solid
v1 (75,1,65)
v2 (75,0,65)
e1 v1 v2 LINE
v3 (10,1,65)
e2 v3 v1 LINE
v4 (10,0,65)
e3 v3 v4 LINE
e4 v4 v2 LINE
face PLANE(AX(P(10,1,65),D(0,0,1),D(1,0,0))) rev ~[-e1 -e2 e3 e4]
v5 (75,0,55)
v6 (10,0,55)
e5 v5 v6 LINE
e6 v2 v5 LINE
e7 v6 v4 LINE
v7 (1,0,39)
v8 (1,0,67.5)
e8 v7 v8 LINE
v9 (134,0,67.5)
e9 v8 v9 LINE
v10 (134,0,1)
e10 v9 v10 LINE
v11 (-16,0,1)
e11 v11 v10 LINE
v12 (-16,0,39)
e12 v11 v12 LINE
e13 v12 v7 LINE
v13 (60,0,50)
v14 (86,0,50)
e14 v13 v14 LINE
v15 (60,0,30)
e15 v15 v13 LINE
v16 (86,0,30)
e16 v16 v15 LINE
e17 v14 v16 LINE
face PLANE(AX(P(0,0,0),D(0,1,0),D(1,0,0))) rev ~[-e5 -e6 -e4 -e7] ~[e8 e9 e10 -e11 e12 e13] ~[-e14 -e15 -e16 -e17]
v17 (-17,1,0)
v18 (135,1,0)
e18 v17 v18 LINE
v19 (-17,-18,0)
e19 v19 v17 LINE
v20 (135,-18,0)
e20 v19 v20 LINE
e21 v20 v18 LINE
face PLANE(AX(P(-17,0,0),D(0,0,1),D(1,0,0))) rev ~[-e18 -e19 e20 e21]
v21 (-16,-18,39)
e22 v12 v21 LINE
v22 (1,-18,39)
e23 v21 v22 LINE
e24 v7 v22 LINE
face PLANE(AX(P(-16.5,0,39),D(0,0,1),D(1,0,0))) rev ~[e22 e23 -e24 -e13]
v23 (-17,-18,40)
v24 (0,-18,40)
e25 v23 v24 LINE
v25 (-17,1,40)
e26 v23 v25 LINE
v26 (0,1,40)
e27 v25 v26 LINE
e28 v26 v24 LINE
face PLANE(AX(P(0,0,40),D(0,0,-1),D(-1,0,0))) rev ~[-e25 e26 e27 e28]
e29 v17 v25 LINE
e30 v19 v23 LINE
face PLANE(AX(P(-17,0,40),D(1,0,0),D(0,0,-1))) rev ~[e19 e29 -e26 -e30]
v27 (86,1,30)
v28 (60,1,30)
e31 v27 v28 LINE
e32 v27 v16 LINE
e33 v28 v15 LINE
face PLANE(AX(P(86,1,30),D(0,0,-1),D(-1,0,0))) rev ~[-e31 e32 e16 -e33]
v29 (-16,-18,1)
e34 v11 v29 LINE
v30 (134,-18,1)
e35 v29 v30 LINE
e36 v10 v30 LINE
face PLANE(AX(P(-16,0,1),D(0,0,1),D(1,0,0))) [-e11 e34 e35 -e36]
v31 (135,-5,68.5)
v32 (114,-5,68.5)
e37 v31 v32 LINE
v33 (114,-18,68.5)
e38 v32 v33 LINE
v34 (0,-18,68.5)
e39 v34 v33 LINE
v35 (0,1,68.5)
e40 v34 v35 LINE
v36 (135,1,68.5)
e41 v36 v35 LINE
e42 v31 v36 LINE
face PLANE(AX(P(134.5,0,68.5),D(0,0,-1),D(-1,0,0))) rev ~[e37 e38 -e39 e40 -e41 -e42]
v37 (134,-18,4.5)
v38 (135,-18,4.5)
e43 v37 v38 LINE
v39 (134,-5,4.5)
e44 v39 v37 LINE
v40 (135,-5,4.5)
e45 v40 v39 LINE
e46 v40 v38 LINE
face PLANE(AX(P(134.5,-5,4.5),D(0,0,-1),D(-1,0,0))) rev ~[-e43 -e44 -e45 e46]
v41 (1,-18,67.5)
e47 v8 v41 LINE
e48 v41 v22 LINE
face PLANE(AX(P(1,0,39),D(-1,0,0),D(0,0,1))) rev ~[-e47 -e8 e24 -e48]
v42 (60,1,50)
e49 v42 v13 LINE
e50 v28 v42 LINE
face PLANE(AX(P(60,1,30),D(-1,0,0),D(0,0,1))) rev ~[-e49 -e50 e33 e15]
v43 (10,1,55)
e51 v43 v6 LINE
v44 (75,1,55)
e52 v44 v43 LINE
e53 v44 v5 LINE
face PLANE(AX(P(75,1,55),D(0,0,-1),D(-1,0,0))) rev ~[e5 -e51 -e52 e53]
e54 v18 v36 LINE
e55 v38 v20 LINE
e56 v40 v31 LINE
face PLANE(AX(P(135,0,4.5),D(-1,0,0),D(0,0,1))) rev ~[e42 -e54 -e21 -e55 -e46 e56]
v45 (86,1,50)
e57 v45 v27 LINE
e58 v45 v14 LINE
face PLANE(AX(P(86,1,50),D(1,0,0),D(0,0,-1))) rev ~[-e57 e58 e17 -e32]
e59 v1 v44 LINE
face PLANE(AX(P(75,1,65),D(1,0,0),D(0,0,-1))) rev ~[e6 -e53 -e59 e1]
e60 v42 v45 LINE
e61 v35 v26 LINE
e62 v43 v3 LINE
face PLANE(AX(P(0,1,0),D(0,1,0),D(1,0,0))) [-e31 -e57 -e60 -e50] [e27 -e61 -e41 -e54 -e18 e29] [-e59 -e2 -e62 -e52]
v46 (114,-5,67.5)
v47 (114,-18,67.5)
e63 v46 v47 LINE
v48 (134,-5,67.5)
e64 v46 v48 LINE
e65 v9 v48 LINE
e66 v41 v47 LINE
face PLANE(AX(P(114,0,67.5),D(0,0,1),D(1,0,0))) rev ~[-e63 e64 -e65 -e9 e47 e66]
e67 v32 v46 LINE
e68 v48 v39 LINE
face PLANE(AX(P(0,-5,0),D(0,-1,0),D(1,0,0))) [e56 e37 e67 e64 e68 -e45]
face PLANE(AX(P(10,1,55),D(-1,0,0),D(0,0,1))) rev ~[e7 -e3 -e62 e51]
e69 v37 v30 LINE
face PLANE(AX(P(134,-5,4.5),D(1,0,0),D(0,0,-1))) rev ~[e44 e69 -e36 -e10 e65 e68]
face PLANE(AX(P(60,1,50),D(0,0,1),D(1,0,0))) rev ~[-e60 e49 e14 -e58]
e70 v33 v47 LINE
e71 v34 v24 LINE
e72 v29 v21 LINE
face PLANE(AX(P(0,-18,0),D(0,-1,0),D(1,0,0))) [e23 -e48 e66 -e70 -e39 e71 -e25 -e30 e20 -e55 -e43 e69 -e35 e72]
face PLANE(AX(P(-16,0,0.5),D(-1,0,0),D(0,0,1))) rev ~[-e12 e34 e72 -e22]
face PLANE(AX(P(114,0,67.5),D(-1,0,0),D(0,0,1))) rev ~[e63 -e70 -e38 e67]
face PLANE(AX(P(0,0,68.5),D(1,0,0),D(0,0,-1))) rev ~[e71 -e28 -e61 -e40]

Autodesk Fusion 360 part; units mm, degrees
sketch "Skizze1" plane through (0, 0, 0) normal (0, 1, 0) x (1, 0, 0)
  line L0 (0, 0) -> (135, 0)
  line L1 (135, 0) -> (135, -68.5)
  line L2 (135, -68.5) -> (0, -68.5)
  line L3 (0, -68.5) -> (0, 0)
  dimension "d1" = 135
  dimension "d2" = 68.5
extrude "Extrusion1" add sketch "Skizze1" along normal blind 1
sketch "Skizze2" plane through (0, 0, 0) normal (0, 1, 0) x (1, 0, 0)
  line L0 (0, 0) -> (-17, 0)
  line L1 (-17, 0) -> (-17, -40)
  line L2 (-17, -40) -> (0, -40)
  line L3 (0, -40) -> (0, 0)
  dimension "d5" = 17
  dimension "d6" = 40
extrude "Extrusion2" add sketch "Skizze2" along normal blind 1
sketch "Skizze3" plane through (0, 1, 0) normal (0, 1, 0) x (-1, 0, 0)
  line L0 (0, 68.5) -> (-135, 68.5)
  line L1 (-135, 68.5) -> (-135, 0)
  line L2 (-135, 0) -> (17, 0)
  line L3 (17, 0) -> (17, 40)
  line L4 (17, 40) -> (0, 40)
  line L5 (0, 40) -> (0, 68.5)
  line L6 (-10, 65) -> (-75, 65)
  line L7 (-75, 65) -> (-75, 55)
  line L8 (-75, 55) -> (-10, 55)
  line L9 (-10, 55) -> (-10, 65)
  dimension "d9" = 65
  dimension "d10" = 10
extrude "Extrusion3" cut sketch "Skizze3" against normal blind 1 contours L6 L7 L8 L9
sketch "Skizze4" plane through (0, 1, 0) normal (0, 1, 0) x (-1, 0, 0)
  line L0 (-75, 65) -> (-10, 65)
  line L1 (-10, 65) -> (-10, 55)
  line L2 (-10, 55) -> (-75, 55)
  line L3 (-75, 55) -> (-75, 65)
  line L4 (0, 68.5) -> (-135, 68.5)
  line L5 (-135, 68.5) -> (-135, 0)
  line L6 (-135, 0) -> (17, 0)
  line L7 (17, 0) -> (17, 40)
  line L8 (17, 40) -> (0, 40)
  line L9 (0, 40) -> (0, 68.5)
  line L10 (-60, 50) -> (-86, 50)
  line L11 (-86, 50) -> (-86, 30)
  line L12 (-86, 30) -> (-60, 30)
  line L13 (-60, 30) -> (-60, 50)
  dimension "d13" = 26
  dimension "d14" = 20
extrude "Extrusion4" cut sketch "Skizze4" against normal blind 1 contours L10 L11 L12 L13
sketch "Skizze5" plane through (0, 0, 0) normal (0, -1, 0) x (1, 0, 0)
  line L0 (60, 50) -> (86, 50)
  line L1 (86, 50) -> (86, 30)
  line L2 (86, 30) -> (60, 30)
  line L3 (60, 30) -> (60, 50)
  line L4 (10, 65) -> (75, 65)
  line L5 (75, 65) -> (75, 55)
  line L6 (75, 55) -> (10, 55)
  line L7 (10, 55) -> (10, 65)
  line L8 (135, 68.5) -> (0, 68.5)
  line L9 (0, 68.5) -> (0, 40)
  line L10 (0, 40) -> (-17, 40)
  line L11 (-17, 40) -> (-17, 0)
  line L12 (-17, 0) -> (135, 0)
  line L13 (135, 0) -> (135, 68.5)
  line L14 (135, 0) -> (-17, 0)
  line L15 (-17, 0) -> (-17, 0.5)
  line L16 (-17, 0.5) -> (135, 0.5)
  line L17 (135, 0.5) -> (135, 0)
  dimension "d17" = 0.5
extrude "Extrusion5" add sketch "Skizze5" along normal blind 18 contours L11 L12 L13 L14 L15 L16 L17
sketch "Skizze6" plane through (0, 0, 0) normal (0, -1, 0) x (1, 0, 0)
  line L0 (-17, 0.5) -> (135, 0.5)
  line L1 (135, 0.5) -> (135, 68.5)
  line L2 (135, 68.5) -> (0, 68.5)
  line L3 (0, 68.5) -> (0, 40)
  line L4 (0, 40) -> (-17, 40)
  line L5 (-17, 40) -> (-17, 0.5)
  line L6 (10, 65) -> (75, 65)
  line L7 (75, 65) -> (75, 55)
  line L8 (75, 55) -> (10, 55)
  line L9 (10, 55) -> (10, 65)
  line L10 (60, 50) -> (86, 50)
  line L11 (86, 50) -> (86, 30)
  line L12 (86, 30) -> (60, 30)
  line L13 (60, 30) -> (60, 50)
  line L14 (-17, 40) -> (-16.5, 40)
  line L15 (-16.5, 40) -> (-16.5, 0.5)
  line L16 (-16.5, 0.5) -> (-17, 0.5)
  line L17 (-17, 0.5) -> (-17, 40)
extrude "Extrusion6" add sketch "Skizze6" along normal blind 18 contours L0 L4 L5 L14 L15 L16 L17
sketch "Skizze7" plane through (0, 0, 0) normal (0, -1, 0) x (1, 0, 0)
  line L0 (60, 50) -> (86, 50)
  line L1 (86, 50) -> (86, 30)
  line L2 (86, 30) -> (60, 30)
  line L3 (60, 30) -> (60, 50)
  line L4 (10, 65) -> (75, 65)
  line L5 (75, 65) -> (75, 55)
  line L6 (75, 55) -> (10, 55)
  line L7 (10, 55) -> (10, 65)
  line L8 (-16.5, 40) -> (-16.5, 0.5)
  line L9 (-16.5, 0.5) -> (135, 0.5)
  line L10 (135, 0.5) -> (135, 68.5)
  line L11 (135, 68.5) -> (0, 68.5)
  line L12 (0, 68.5) -> (0, 40)
  line L13 (0, 40) -> (-16.5, 40)
  line L14 (0, 40) -> (-16.5, 40)
  line L15 (-16.5, 40) -> (-16.5, 39.5)
  line L16 (-16.5, 39.5) -> (0, 39.5)
  line L17 (0, 39.5) -> (0, 40)
  dimension "d22" = 0.5
extrude "Extrusion7" add sketch "Skizze7" along normal blind 18 contours L8 L13 L14 L15 L16 L17
sketch "Skizze8" plane through (0, 0, 0) normal (0, -1, 0) x (1, 0, 0)
  line L0 (0, 40) -> (0, 39.5)
  line L1 (0, 39.5) -> (-16.5, 39.5)
  line L2 (-16.5, 39.5) -> (-16.5, 0.5)
  line L3 (-16.5, 0.5) -> (135, 0.5)
  line L4 (135, 0.5) -> (135, 68.5)
  line L5 (135, 68.5) -> (0, 68.5)
  line L6 (0, 68.5) -> (0, 40)
  line L7 (10, 65) -> (75, 65)
  line L8 (75, 65) -> (75, 55)
  line L9 (75, 55) -> (10, 55)
  line L10 (10, 55) -> (10, 65)
  line L11 (60, 50) -> (86, 50)
  line L12 (86, 50) -> (86, 30)
  line L13 (86, 30) -> (60, 30)
  line L14 (60, 30) -> (60, 50)
  line L15 (0, 68.5) -> (0.5, 68.5)
  line L16 (0.5, 68.5) -> (0.5, 39.5)
  line L17 (0.5, 39.5) -> (0, 39.5)
  line L18 (0, 39.5) -> (0, 68.5)
extrude "Extrusion8" add sketch "Skizze8" along normal blind 18 contours L0 L5 L6 L15 L16 L17 L18
sketch "Skizze9" plane through (0, 0, 0) normal (0, -1, 0) x (1, 0, 0)
  line L0 (60, 50) -> (86, 50)
  line L1 (86, 50) -> (86, 30)
  line L2 (86, 30) -> (60, 30)
  line L3 (60, 30) -> (60, 50)
  line L4 (10, 65) -> (75, 65)
  line L5 (75, 65) -> (75, 55)
  line L6 (75, 55) -> (10, 55)
  line L7 (10, 55) -> (10, 65)
  line L8 (0.5, 68.5) -> (0.5, 39.5)
  line L9 (0.5, 39.5) -> (-16.5, 39.5)
  line L10 (-16.5, 39.5) -> (-16.5, 0.5)
  line L11 (-16.5, 0.5) -> (135, 0.5)
  line L12 (135, 0.5) -> (135, 68.5)
  line L13 (135, 68.5) -> (0.5, 68.5)
  line L14 (0.5, 68.5) -> (114, 68.5)
  line L15 (114, 68.5) -> (114, 68)
  line L16 (114, 68) -> (0.5, 68)
  line L17 (0.5, 68) -> (0.5, 68.5)
extrude "Extrusion9" add sketch "Skizze9" along normal blind 18 contours L8 L13 L14 L15 L16 L17
sketch "Skizze10" plane through (0, 0, 0) normal (0, -1, 0) x (1, 0, 0)
  line L0 (114, 68.5) -> (114, 68)
  line L1 (114, 68) -> (0.5, 68)
  line L2 (0.5, 68) -> (0.5, 39.5)
  line L3 (0.5, 39.5) -> (-16.5, 39.5)
  line L4 (-16.5, 39.5) -> (-16.5, 0.5)
  line L5 (-16.5, 0.5) -> (135, 0.5)
  line L6 (135, 0.5) -> (135, 68.5)
  line L7 (135, 68.5) -> (114, 68.5)
  line L8 (10, 65) -> (75, 65)
  line L9 (75, 65) -> (75, 55)
  line L10 (75, 55) -> (10, 55)
  line L11 (10, 55) -> (10, 65)
  line L12 (60, 50) -> (86, 50)
  line L13 (86, 50) -> (86, 30)
  line L14 (86, 30) -> (60, 30)
  line L15 (60, 30) -> (60, 50)
  line L16 (135, 0.5) -> (134.5, 0.5)
  line L17 (134.5, 0.5) -> (134.5, 4.5)
  line L18 (134.5, 4.5) -> (135, 4.5)
  line L19 (135, 4.5) -> (135, 0.5)
  dimension "d29" = 0.5
  dimension "d30" = 4
extrude "Extrusion10" add sketch "Skizze10" along normal blind 18 contours L5 L6 L16 L17 L18 L19
sketch "Skizze11" plane through (0, 0, 0) normal (0, -1, 0) x (1, 0, 0)
  line L0 (60, 50) -> (86, 50)
  line L1 (86, 50) -> (86, 30)
  line L2 (86, 30) -> (60, 30)
  line L3 (60, 30) -> (60, 50)
  line L4 (10, 65) -> (75, 65)
  line L5 (75, 65) -> (75, 55)
  line L6 (75, 55) -> (10, 55)
  line L7 (10, 55) -> (10, 65)
  line L8 (134.5, 0.5) -> (134.5, 4.5)
  line L9 (134.5, 4.5) -> (135, 4.5)
  line L10 (135, 4.5) -> (135, 68.5)
  line L11 (135, 68.5) -> (114, 68.5)
  line L12 (114, 68.5) -> (114, 68)
  line L13 (114, 68) -> (0.5, 68)
  line L14 (0.5, 68) -> (0.5, 39.5)
  line L15 (0.5, 39.5) -> (-16.5, 39.5)
  line L16 (-16.5, 39.5) -> (-16.5, 0.5)
  line L17 (-16.5, 0.5) -> (134.5, 0.5)
  line L18 (135, 68.5) -> (134.5, 68.5)
  line L19 (134.5, 68.5) -> (134.5, 4.5)
  line L20 (134.5, 4.5) -> (135, 4.5)
  line L21 (135, 4.5) -> (135, 68.5)
extrude "Extrusion11" add sketch "Skizze11" along normal blind 5 contours L9 L10 L11 L18 L19 L20 L21
sketch "Skizze12" plane through (0, 0, 0) normal (0, -1, 0) x (1, 0, 0)
  line L0 (134.5, 0.5) -> (134.5, 68.5)
  line L1 (134.5, 68.5) -> (114, 68.5)
  line L2 (114, 68.5) -> (114, 68)
  line L3 (114, 68) -> (0.5, 68)
  line L4 (0.5, 68) -> (0.5, 39.5)
  line L5 (0.5, 39.5) -> (-16.5, 39.5)
  line L6 (-16.5, 39.5) -> (-16.5, 0.5)
  line L7 (-16.5, 0.5) -> (134.5, 0.5)
  line L8 (60, 50) -> (86, 50)
  line L9 (86, 50) -> (86, 30)
  line L10 (86, 30) -> (60, 30)
  line L11 (60, 30) -> (60, 50)
  line L12 (10, 65) -> (75, 65)
  line L13 (75, 65) -> (75, 55)
  line L14 (75, 55) -> (10, 55)
  line L15 (10, 55) -> (10, 65)
  line L16 (134.5, 68.5) -> (114, 68.5)
  line L17 (114, 68.5) -> (114, 68)
  line L18 (114, 68) -> (134.5, 68)
  line L19 (134.5, 68) -> (134.5, 68.5)
extrude "Extrusion12" add sketch "Skizze12" along normal blind 5 contours L0 L1 L2 L16 L17 L18 L19
sketch "Skizze13" plane through (0, 0, 0) normal (0, -1, 0) x (1, 0, 0)
  line L0 (134.5, 68) -> (0.5, 68)
  line L1 (0.5, 68) -> (0.5, 39.5)
  line L2 (0.5, 39.5) -> (-16.5, 39.5)
  line L3 (-16.5, 39.5) -> (-16.5, 0.5)
  line L4 (-16.5, 0.5) -> (134.5, 0.5)
  line L5 (134.5, 0.5) -> (134.5, 68)
  line L6 (60, 50) -> (86, 50)
  line L7 (86, 50) -> (86, 30)
  line L8 (86, 30) -> (60, 30)
  line L9 (60, 30) -> (60, 50)
  line L10 (10, 65) -> (75, 65)
  line L11 (75, 65) -> (75, 55)
  line L12 (75, 55) -> (10, 55)
  line L13 (10, 55) -> (10, 65)
  line L14 (1, 68) -> (0.5, 68)
  line L15 (0.5, 68) -> (0.5, 39.5)
  line L16 (0.5, 39.5) -> (1, 39.5)
  line L17 (1, 39.5) -> (1, 68)
extrude "Extrusion13" add sketch "Skizze13" along normal blind 18 contours L0 L1 L14 L15 L16 L17
sketch "Skizze14" plane through (0, 0, 0) normal (0, -1, 0) x (1, 0, 0)
  line L0 (10, 65) -> (75, 65)
  line L1 (75, 65) -> (75, 55)
  line L2 (75, 55) -> (10, 55)
  line L3 (10, 55) -> (10, 65)
  line L4 (60, 50) -> (86, 50)
  line L5 (86, 50) -> (86, 30)
  line L6 (86, 30) -> (60, 30)
  line L7 (60, 30) -> (60, 50)
  line L8 (1, 68) -> (1, 39.5)
  line L9 (1, 39.5) -> (-16.5, 39.5)
  line L10 (-16.5, 39.5) -> (-16.5, 0.5)
  line L11 (-16.5, 0.5) -> (134.5, 0.5)
  line L12 (134.5, 0.5) -> (134.5, 68)
  line L13 (134.5, 68) -> (1, 68)
  line L14 (-16.5, 39) -> (1, 39)
  line L15 (1, 39) -> (1, 39.5)
  line L16 (1, 39.5) -> (-16.5, 39.5)
  line L17 (-16.5, 39.5) -> (-16.5, 39)
extrude "Extrusion14" add sketch "Skizze14" along normal blind 18 contours L9 L10 L14 L15 L16 L17
sketch "Skizze15" plane through (0, 0, 0) normal (0, -1, 0) x (1, 0, 0)
  line L0 (1, 39) -> (-16.5, 39)
  line L1 (-16.5, 39) -> (-16.5, 0.5)
  line L2 (-16.5, 0.5) -> (134.5, 0.5)
  line L3 (134.5, 0.5) -> (134.5, 68)
  line L4 (134.5, 68) -> (1, 68)
  line L5 (1, 68) -> (1, 39)
  line L6 (10, 65) -> (75, 65)
  line L7 (75, 65) -> (75, 55)
  line L8 (75, 55) -> (10, 55)
  line L9 (10, 55) -> (10, 65)
  line L10 (60, 50) -> (86, 50)
  line L11 (86, 50) -> (86, 30)
  line L12 (86, 30) -> (60, 30)
  line L13 (60, 30) -> (60, 50)
  line L14 (-16, 39) -> (-16.5, 39)
  line L15 (-16.5, 39) -> (-16.5, 0.5)
  line L16 (-16.5, 0.5) -> (-16, 0.5)
  line L17 (-16, 0.5) -> (-16, 39)
extrude "Extrusion15" add sketch "Skizze15" along normal blind 18 contours L0 L1 L2 L14 L15 L16 L17
sketch "Skizze16" plane through (0, 0, 0) normal (0, -1, 0) x (1, 0, 0)
  line L0 (-16, 39) -> (-16, 0.5)
  line L1 (-16, 0.5) -> (134.5, 0.5)
  line L2 (134.5, 0.5) -> (134.5, 68)
  line L3 (134.5, 68) -> (1, 68)
  line L4 (1, 68) -> (1, 39)
  line L5 (1, 39) -> (-16, 39)
  line L6 (10, 65) -> (75, 65)
  line L7 (75, 65) -> (75, 55)
  line L8 (75, 55) -> (10, 55)
  line L9 (10, 55) -> (10, 65)
  line L10 (60, 50) -> (86, 50)
  line L11 (86, 50) -> (86, 30)
  line L12 (86, 30) -> (60, 30)
  line L13 (60, 30) -> (60, 50)
  line L14 (-16, 1) -> (134.5, 1)
  line L15 (134.5, 1) -> (134.5, 0.5)
  line L16 (134.5, 0.5) -> (-16, 0.5)
  line L17 (-16, 0.5) -> (-16, 1)
extrude "Extrusion16" add sketch "Skizze16" along normal blind 18 contours L0 L1 L2 L14 L15 L16 L17
sketch "Skizze17" plane through (0, 0, 0) normal (0, -1, 0) x (1, 0, 0)
  line L0 (-16, 1) -> (134.5, 1)
  line L1 (134.5, 1) -> (134.5, 68)
  line L2 (134.5, 68) -> (1, 68)
  line L3 (1, 68) -> (1, 39)
  line L4 (1, 39) -> (-16, 39)
  line L5 (-16, 39) -> (-16, 1)
  line L6 (10, 65) -> (75, 65)
  line L7 (75, 65) -> (75, 55)
  line L8 (75, 55) -> (10, 55)
  line L9 (10, 55) -> (10, 65)
  line L10 (60, 50) -> (86, 50)
  line L11 (86, 50) -> (86, 30)
  line L12 (86, 30) -> (60, 30)
  line L13 (60, 30) -> (60, 50)
  line L14 (114, 68) -> (1, 68)
  line L15 (1, 68) -> (1, 67.5)
  line L16 (1, 67.5) -> (114, 67.5)
  line L17 (114, 67.5) -> (114, 68)
  dimension "d45" = 0.5
extrude "Extrusion17" add sketch "Skizze17" along normal blind 18 contours L2 L3 L14 L15 L16 L17
sketch "Skizze18" plane through (0, 0, 0) normal (0, -1, 0) x (1, 0, 0)
  line L0 (114, 67.5) -> (1, 67.5)
  line L1 (1, 67.5) -> (1, 39)
  line L2 (1, 39) -> (-16, 39)
  line L3 (-16, 39) -> (-16, 1)
  line L4 (-16, 1) -> (134.5, 1)
  line L5 (134.5, 1) -> (134.5, 68)
  line L6 (134.5, 68) -> (114, 68)
  line L7 (114, 68) -> (114, 67.5)
  line L8 (10, 65) -> (75, 65)
  line L9 (75, 65) -> (75, 55)
  line L10 (75, 55) -> (10, 55)
  line L11 (10, 55) -> (10, 65)
  line L12 (60, 50) -> (86, 50)
  line L13 (86, 50) -> (86, 30)
  line L14 (86, 30) -> (60, 30)
  line L15 (60, 30) -> (60, 50)
  line L16 (114, 67.5) -> (134.5, 67.5)
  line L17 (134.5, 67.5) -> (134.5, 68)
  line L18 (134.5, 68) -> (114, 68)
  line L19 (114, 68) -> (114, 67.5)
extrude "Extrusion18" add sketch "Skizze18" along normal blind 5 contours L5 L6 L7 L16 L17 L18 L19
sketch "Skizze19" plane through (0, 0, 0) normal (0, -1, 0) x (1, 0, 0)
  line L0 (60, 50) -> (86, 50)
  line L1 (86, 50) -> (86, 30)
  line L2 (86, 30) -> (60, 30)
  line L3 (60, 30) -> (60, 50)
  line L4 (10, 65) -> (75, 65)
  line L5 (75, 65) -> (75, 55)
  line L6 (75, 55) -> (10, 55)
  line L7 (10, 55) -> (10, 65)
  line L8 (134.5, 67.5) -> (1, 67.5)
  line L9 (1, 67.5) -> (1, 39)
  line L10 (1, 39) -> (-16, 39)
  line L11 (-16, 39) -> (-16, 1)
  line L12 (-16, 1) -> (134.5, 1)
  line L13 (134.5, 1) -> (134.5, 67.5)
  line L14 (134.5, 67.5) -> (134, 67.5)
  line L15 (134, 67.5) -> (134, 1)
  line L16 (134, 1) -> (134.5, 1)
  line L17 (134.5, 1) -> (134.5, 67.5)
extrude "Extrusion19" add sketch "Skizze19" along normal blind 5 contours L8 L12 L13 L14 L15 L16 L17
sketch "Skizze20" plane through (0, -5, 0) normal (0, -1, 0) x (1, 0, 0)
  line L0 (135, 4.5) -> (135, 68.5)
  line L1 (135, 68.5) -> (114, 68.5)
  line L2 (114, 68.5) -> (114, 67.5)
  line L3 (114, 67.5) -> (134, 67.5)
  line L4 (134, 67.5) -> (134, 1)
  line L5 (134, 1) -> (134.5, 1)
  line L6 (134.5, 1) -> (134.5, 4.5)
  line L7 (134.5, 4.5) -> (135, 4.5)
  line L8 (134.5, 4.5) -> (134, 4.5)
  line L9 (134, 4.5) -> (134, 1)
  line L10 (134, 1) -> (134.5, 1)
  line L11 (134.5, 1) -> (134.5, 4.5)
extrude "Extrusion20" add sketch "Skizze20" along normal blind 13 contours L4 L5 L6 L8 L9 L10 L11
